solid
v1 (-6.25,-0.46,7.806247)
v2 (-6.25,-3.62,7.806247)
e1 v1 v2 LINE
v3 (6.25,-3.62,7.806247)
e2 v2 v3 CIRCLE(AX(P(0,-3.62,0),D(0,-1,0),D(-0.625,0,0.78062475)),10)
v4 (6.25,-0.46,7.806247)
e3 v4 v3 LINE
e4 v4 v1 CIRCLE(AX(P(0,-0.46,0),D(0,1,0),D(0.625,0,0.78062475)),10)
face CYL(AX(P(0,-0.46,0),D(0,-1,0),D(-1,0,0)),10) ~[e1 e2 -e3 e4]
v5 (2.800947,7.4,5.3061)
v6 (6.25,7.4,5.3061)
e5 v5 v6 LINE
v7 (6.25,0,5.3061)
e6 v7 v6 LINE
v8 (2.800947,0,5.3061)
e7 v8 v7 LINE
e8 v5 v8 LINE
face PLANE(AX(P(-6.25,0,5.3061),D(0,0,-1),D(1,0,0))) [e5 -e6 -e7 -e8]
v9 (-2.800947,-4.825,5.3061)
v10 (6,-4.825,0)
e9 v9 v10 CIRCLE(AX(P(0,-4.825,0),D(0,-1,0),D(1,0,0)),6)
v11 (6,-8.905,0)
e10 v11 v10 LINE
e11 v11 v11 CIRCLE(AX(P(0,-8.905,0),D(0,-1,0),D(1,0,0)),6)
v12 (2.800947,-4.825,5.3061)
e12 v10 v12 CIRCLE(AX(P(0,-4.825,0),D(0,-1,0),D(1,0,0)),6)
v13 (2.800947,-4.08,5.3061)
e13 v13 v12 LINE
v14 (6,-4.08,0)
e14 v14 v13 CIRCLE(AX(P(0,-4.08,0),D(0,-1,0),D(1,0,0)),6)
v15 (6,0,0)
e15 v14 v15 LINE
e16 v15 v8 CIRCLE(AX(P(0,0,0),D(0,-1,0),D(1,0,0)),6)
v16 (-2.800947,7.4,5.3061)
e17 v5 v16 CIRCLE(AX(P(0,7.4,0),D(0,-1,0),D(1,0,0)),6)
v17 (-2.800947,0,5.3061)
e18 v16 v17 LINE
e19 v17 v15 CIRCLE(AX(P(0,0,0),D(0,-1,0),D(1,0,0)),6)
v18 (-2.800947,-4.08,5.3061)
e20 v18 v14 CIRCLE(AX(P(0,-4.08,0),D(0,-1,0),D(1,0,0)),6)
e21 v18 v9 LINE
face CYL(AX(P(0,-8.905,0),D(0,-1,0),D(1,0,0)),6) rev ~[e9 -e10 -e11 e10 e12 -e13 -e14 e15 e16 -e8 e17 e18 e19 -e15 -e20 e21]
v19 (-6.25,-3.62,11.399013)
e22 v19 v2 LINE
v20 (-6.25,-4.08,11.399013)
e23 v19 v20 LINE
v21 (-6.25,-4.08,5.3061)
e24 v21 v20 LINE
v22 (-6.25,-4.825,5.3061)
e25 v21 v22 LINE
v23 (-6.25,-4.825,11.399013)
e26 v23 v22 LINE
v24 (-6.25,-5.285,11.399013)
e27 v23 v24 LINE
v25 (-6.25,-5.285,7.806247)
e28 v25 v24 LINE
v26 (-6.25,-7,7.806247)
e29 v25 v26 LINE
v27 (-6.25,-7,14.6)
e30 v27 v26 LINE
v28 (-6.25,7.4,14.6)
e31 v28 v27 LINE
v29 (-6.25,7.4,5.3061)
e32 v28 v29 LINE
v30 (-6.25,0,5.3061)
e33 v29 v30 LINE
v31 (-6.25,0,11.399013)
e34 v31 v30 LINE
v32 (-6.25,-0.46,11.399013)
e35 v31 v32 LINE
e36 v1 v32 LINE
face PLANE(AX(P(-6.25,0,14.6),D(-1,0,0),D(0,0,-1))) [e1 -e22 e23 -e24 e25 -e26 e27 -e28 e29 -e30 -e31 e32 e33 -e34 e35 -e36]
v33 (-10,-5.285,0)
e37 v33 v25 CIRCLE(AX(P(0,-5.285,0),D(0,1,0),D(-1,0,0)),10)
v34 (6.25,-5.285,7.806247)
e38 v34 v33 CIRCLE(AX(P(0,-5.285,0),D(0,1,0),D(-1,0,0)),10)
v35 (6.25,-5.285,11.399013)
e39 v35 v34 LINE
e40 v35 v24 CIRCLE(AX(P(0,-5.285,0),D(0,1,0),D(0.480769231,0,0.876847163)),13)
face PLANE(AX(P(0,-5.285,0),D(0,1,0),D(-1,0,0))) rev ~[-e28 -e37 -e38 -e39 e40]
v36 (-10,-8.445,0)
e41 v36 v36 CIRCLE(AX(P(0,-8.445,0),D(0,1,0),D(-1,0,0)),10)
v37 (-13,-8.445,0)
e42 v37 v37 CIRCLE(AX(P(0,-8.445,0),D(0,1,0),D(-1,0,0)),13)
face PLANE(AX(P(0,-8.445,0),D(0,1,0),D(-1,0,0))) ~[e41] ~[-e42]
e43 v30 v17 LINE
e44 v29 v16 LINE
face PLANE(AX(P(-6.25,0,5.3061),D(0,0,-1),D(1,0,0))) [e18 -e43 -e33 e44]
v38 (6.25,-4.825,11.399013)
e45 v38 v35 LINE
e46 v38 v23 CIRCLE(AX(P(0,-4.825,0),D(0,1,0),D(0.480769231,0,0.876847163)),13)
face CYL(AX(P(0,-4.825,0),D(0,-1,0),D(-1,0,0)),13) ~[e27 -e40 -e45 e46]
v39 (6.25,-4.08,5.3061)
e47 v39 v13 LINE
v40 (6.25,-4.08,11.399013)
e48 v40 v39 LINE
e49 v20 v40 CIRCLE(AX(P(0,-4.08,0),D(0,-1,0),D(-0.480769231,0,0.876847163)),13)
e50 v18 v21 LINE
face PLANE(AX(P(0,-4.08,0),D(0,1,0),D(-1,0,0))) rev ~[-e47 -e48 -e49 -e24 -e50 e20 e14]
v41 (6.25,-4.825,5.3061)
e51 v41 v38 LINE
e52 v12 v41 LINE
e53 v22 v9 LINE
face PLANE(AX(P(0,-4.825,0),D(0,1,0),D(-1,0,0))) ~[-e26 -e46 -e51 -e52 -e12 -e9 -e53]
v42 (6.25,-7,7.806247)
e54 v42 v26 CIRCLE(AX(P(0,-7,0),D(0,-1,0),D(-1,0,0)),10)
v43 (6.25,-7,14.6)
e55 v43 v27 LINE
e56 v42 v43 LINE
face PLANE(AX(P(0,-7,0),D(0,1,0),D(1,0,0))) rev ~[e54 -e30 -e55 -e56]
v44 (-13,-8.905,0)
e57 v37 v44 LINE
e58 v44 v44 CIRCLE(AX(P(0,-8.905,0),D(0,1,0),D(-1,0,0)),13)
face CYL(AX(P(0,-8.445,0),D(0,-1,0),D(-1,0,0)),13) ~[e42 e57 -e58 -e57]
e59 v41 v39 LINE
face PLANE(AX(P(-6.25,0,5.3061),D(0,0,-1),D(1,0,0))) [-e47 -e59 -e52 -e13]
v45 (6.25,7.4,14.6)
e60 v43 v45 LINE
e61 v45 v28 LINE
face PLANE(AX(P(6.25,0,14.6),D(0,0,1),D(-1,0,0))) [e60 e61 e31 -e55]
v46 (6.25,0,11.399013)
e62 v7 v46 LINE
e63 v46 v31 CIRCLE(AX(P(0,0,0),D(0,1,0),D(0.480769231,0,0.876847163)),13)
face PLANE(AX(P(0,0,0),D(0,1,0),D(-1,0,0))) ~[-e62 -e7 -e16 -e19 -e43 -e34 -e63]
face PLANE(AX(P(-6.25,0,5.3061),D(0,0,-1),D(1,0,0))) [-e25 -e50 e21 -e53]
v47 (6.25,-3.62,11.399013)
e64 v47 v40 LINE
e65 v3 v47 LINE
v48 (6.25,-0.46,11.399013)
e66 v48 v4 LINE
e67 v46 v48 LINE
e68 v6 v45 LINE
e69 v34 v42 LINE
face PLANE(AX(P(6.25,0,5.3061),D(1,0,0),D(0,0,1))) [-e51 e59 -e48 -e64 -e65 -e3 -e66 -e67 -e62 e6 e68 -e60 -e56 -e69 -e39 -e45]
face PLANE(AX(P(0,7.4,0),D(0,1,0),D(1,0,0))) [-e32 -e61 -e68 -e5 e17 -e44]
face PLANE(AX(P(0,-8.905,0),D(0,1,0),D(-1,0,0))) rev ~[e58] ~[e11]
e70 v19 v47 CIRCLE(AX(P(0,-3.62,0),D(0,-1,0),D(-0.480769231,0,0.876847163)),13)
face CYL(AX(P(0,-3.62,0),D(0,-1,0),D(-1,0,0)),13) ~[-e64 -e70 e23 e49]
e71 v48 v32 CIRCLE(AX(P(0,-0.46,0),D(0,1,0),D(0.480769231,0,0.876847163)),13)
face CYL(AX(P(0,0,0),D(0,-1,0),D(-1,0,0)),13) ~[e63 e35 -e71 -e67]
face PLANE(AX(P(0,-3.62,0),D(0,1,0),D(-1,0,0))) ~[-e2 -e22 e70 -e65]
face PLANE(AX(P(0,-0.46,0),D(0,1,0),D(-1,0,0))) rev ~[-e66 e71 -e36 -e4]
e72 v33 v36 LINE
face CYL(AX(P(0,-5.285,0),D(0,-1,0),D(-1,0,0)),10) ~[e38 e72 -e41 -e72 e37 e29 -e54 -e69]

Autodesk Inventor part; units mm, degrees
ref_plane "YZ Plane" through (0, 0, 0) normal (1, 0, 0) x (0, 1, 0)
ref_plane "XZ Plane" through (0, 0, 0) normal (0, 1, 0) x (-1, 0, 0)
ref_plane "XY Plane" through (0, 0, 0) normal (0, 0, 1) x (1, 0, 0)
sketch "Skizze1" plane through (0, 0, 0) normal (0, 0, 1) x (1, 0, 0)
  line L0 (0, 0) -> (-13, 0)
  line L1 (-13, 0) -> (-13, -0.46)
  line L2 (-13, -0.46) -> (-10, -0.46)
  line L3 (-10, -0.46) -> (-10, -3.62)
  line L4 (-10, -3.62) -> (-13, -3.62)
  line L5 (-13, -3.62) -> (-13, -4.08)
  line L6 (-13, -4.08) -> (0, -4.08)
  line L7 (0, -4.08) -> (0, 0)
  line L8 (0, -4.825) -> (-13, -4.825)
  line L9 (-13, -4.825) -> (-13, -5.285)
  line L10 (-13, -5.285) -> (-10, -5.285)
  line L11 (-10, -5.285) -> (-10, -8.445)
  line L12 (-10, -8.445) -> (-13, -8.445)
  line L13 (-13, -8.445) -> (-13, -8.905)
  line L14 (-13, -8.905) -> (0, -8.905)
  line L15 (0, -8.905) -> (0, -4.825)
  dimension "d0" = 13
  dimension "d1" = 0.46
  dimension "d2" = 3
  dimension "d3" = 3.16
  dimension "d4" = 0.46
  dimension "d7" = 4.825
revolve "Umdrehung1" add sketch "Skizze1" angle 360 about axis through (0, -8.905, 0) along (0, 1, 0)
sketch "Skizze2" plane through (0, 0, 0) normal (0, 1, 0) x (1, 0, 0)
  line L0 (6.25, -14.6) -> (-6.25, -14.6)
  line L1 (-6.25, -14.6) -> (-6.25, -5.3061)
  line L2 (-6.25, -5.3061) -> (6.25, -5.3061)
  line L3 (6.25, -5.3061) -> (6.25, -14.6)
  line L4 (6.25, -14.6) -> (-6.25, -5.3061) construction
  line L5 (-6.25, -14.6) -> (6.25, -5.3061) construction
  point P0 (0, 0)
  point P1 (0, -9.9531)
  dimension "d13" = 12.5
  dimension "d14" = 14.6
extrude "Extrusion1" add sketch "Skizze2" along normal blind 7.4 and the other way blind 7
sketch "Skizze3" plane through (0, -8.905, 0) normal (0, -1, 0) x (1, 0, 0)
  circle A0 centre (0, 0) radius 13 projected
  circle A1 centre (0, 0) radius 6
  dimension "d19" = 12
extrude "Extrusion2" cut sketch "Skizze3" against normal through all contours A1
properties part number "50_ETL_28by_coil"
